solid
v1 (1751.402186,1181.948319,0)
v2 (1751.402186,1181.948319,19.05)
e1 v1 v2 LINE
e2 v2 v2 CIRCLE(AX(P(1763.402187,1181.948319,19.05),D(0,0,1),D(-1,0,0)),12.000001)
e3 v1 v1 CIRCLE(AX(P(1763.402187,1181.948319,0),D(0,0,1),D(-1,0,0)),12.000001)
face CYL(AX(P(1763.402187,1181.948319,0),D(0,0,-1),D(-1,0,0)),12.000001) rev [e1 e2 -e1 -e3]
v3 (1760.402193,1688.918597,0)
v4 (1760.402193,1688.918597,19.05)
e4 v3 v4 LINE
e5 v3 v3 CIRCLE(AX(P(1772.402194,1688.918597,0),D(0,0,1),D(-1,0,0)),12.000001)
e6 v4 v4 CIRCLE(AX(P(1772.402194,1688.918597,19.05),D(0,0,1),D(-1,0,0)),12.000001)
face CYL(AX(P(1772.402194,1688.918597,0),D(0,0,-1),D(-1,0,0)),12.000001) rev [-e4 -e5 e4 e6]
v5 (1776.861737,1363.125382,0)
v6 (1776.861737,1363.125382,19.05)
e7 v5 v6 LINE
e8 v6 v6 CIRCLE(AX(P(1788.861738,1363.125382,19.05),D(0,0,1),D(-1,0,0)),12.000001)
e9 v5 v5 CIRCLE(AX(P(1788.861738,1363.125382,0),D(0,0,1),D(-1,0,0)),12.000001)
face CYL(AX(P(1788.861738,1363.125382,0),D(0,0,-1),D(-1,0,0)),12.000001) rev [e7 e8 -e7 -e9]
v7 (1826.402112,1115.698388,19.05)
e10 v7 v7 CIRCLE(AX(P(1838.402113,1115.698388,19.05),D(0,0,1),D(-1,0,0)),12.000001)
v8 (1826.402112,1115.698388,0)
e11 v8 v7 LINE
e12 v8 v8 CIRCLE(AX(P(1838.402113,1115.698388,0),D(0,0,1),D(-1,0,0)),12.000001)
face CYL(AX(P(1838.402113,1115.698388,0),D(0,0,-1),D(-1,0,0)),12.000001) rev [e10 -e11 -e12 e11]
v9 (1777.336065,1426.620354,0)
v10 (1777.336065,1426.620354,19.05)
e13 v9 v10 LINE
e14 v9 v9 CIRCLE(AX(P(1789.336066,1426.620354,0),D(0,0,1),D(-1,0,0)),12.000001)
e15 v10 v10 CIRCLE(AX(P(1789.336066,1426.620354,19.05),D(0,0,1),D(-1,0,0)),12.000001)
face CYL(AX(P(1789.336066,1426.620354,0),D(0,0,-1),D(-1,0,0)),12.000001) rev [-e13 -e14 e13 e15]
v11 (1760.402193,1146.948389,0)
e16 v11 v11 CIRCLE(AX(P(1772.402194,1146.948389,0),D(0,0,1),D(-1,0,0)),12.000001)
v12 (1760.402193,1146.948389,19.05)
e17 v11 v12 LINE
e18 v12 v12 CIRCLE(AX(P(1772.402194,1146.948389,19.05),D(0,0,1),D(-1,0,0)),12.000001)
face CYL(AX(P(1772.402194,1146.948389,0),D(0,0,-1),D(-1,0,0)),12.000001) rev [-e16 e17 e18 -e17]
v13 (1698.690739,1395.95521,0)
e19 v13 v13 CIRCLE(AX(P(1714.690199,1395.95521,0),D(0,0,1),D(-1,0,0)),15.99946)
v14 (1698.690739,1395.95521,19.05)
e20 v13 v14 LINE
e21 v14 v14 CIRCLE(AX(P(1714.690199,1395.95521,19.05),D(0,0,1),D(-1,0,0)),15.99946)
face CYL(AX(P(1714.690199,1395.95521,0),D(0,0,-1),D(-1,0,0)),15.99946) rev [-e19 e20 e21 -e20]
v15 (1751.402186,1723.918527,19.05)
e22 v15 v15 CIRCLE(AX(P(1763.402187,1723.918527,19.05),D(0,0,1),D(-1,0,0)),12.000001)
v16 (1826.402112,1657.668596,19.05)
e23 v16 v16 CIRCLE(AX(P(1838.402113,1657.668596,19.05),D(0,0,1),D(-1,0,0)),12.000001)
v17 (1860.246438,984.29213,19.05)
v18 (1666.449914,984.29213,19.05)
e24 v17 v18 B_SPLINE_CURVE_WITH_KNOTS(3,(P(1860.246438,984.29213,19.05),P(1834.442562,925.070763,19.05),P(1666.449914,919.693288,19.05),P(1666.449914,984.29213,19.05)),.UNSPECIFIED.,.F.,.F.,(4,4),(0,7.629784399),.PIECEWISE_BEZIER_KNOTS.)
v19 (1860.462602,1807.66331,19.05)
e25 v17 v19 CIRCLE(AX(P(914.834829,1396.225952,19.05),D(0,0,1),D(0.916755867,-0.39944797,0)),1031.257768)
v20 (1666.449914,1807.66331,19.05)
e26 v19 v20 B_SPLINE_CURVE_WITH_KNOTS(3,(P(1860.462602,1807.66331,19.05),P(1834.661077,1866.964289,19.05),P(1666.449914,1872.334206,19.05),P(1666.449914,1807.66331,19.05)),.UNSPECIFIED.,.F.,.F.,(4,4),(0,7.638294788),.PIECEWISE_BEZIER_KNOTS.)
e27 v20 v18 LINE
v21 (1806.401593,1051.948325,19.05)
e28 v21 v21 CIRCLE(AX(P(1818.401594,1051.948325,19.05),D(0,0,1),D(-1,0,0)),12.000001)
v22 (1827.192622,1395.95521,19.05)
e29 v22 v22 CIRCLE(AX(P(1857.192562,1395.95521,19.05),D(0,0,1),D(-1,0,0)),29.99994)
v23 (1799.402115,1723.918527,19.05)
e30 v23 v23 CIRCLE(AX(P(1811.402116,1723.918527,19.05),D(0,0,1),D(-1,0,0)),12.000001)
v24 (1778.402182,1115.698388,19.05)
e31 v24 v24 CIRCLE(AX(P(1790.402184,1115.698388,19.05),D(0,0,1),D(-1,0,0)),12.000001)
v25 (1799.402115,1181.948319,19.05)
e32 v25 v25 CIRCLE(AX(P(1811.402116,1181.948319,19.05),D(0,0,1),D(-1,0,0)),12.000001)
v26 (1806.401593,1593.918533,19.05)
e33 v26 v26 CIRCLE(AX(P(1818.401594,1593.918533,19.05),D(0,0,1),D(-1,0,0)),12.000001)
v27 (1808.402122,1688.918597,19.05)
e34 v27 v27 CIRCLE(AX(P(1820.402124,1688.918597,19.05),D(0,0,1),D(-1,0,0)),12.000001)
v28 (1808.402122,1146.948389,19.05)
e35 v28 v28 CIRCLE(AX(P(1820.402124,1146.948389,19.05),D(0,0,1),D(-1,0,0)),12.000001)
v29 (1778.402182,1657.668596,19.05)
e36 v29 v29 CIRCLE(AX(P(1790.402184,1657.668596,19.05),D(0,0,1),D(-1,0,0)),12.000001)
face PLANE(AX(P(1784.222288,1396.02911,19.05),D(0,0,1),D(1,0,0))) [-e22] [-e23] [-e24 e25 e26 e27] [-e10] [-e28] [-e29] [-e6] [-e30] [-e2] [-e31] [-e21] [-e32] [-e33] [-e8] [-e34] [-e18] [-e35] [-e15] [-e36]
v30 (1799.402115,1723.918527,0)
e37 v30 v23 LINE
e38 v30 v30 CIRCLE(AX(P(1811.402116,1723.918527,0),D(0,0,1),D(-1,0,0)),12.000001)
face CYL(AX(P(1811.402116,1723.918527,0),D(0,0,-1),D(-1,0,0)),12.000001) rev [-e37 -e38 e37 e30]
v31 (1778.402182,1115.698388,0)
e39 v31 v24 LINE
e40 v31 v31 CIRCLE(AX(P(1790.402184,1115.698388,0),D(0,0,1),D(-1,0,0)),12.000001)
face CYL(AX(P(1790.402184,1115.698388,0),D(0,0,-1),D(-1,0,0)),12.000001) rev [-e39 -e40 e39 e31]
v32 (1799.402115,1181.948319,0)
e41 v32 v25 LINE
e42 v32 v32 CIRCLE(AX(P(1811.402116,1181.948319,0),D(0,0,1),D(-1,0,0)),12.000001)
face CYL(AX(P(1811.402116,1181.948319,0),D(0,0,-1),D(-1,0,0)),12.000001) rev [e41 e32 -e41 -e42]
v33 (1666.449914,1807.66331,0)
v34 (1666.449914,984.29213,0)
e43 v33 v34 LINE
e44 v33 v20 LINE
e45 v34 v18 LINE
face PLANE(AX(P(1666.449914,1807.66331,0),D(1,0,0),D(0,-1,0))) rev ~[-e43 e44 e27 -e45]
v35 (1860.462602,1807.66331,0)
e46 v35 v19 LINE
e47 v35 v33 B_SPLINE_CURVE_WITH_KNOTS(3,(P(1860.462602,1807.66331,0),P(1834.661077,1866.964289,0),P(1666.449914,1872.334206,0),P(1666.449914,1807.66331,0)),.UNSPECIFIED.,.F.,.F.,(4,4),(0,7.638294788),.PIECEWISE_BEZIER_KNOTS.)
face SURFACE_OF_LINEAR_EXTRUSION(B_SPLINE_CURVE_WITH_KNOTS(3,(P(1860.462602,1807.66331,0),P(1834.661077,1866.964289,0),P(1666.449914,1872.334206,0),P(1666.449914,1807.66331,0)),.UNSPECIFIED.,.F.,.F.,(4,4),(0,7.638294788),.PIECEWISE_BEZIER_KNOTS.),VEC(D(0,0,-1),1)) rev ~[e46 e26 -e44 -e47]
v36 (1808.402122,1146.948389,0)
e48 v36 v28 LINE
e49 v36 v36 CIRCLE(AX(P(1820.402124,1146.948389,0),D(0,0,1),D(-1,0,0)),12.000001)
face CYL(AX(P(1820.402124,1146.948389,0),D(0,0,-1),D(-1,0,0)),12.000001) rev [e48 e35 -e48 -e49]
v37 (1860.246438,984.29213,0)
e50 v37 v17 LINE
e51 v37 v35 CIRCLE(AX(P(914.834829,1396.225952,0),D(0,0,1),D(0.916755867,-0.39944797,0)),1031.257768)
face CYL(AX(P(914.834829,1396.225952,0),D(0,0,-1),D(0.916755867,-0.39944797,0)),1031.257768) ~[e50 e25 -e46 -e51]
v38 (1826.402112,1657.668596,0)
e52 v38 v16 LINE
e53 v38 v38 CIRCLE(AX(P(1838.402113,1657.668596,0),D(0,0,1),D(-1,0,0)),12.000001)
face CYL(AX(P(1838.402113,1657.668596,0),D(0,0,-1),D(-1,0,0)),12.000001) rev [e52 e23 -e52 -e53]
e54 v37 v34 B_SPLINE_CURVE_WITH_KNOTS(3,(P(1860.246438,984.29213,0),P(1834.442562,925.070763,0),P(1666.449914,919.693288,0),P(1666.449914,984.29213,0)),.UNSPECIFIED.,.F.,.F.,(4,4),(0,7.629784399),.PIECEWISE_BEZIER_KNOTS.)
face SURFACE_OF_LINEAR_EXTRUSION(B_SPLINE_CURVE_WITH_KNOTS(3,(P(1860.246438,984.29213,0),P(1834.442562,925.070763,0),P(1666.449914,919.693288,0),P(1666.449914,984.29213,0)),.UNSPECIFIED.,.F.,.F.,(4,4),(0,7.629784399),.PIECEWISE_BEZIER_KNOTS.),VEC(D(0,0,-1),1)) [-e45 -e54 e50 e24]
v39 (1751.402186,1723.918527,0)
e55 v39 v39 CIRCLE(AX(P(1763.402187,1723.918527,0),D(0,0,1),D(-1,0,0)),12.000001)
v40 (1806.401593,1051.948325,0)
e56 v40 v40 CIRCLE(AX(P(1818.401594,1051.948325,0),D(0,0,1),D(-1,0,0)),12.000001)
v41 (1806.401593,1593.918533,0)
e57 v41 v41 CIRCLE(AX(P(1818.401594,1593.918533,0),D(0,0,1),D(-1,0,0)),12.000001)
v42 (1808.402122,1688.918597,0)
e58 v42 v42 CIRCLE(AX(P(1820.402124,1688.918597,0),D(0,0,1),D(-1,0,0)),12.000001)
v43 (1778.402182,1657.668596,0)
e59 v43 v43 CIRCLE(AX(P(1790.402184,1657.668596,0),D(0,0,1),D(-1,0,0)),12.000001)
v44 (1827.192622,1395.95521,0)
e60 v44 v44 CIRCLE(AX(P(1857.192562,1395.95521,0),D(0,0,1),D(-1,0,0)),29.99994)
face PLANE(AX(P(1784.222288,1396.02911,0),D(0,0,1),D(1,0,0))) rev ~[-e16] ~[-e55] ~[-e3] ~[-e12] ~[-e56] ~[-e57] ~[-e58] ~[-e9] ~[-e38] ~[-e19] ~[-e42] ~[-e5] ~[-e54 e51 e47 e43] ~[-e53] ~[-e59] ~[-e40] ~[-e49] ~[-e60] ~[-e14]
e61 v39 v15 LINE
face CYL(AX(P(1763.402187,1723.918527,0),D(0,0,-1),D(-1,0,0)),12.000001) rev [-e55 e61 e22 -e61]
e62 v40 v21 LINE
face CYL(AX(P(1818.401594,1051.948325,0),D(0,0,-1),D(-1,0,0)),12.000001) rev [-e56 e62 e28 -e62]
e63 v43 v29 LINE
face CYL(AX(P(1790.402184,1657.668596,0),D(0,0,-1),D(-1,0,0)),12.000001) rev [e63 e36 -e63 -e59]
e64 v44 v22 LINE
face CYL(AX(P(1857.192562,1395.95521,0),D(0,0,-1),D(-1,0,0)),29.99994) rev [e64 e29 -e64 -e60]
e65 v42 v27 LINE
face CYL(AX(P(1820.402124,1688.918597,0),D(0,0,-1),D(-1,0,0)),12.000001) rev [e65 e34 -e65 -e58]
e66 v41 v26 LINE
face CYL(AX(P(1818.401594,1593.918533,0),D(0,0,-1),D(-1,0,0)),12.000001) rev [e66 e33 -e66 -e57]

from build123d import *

# Parameters (mm, degrees)
SKETCH1_R           = 12.0000014
SKETCH1_R_2         = 29.99994
SKETCH1_R_3         = 15.99946
BOSS_EXTRUDE1_DEPTH = 19.05


with BuildPart() as part:
    # Sketch1 → Boss-Extrude1 (new body)
    with BuildSketch(Plane.XY):
        with BuildLine():
            Line((1666.449914345, 1807.663309633), (1666.449914345, 984.292129537))
            add(Edge.make_bspline(
                [(1860.24643809, 984.292129537), (1834.442562073, 925.070762843), (1666.449914345, 919.693288289), (1666.449914345, 984.292129537)],
                knots=[0, 0, 0, 0, 7.629784399, 7.629784399, 7.629784399, 7.629784399], degree=3))
            ThreePointArc((1860.24643809, 984.292129537), (1946.092561687, 1395.955210336), (1860.46260196, 1807.663309633))
            add(Edge.make_bspline(
                [(1860.46260196, 1807.663309633), (1834.661077492, 1866.964288613), (1666.449914345, 1872.334205504), (1666.449914345, 1807.663309633)],
                knots=[0, 0, 0, 0, 7.638294788, 7.638294788, 7.638294788, 7.638294788], degree=3))
        make_face()
        with Locations(Location((1811.402116463, 1181.948319082, 0), (0, 0, 180))):
            Circle(SKETCH1_R, mode=Mode.SUBTRACT)
        with Locations(Location((1820.402123863, 1146.948389082, 0), (0, 0, 180))):
            Circle(SKETCH1_R, mode=Mode.SUBTRACT)
        with Locations(Location((1838.402113263, 1115.698388082, 0), (0, 0, 180))):
            Circle(SKETCH1_R, mode=Mode.SUBTRACT)
        with Locations(Location((1772.402194463, 1146.948389082, 0), (0, 0, 180))):
            Circle(SKETCH1_R, mode=Mode.SUBTRACT)
        with Locations(Location((1790.402183863, 1115.698388082, 0), (0, 0, 180))):
            Circle(SKETCH1_R, mode=Mode.SUBTRACT)
        with Locations(Location((1763.402187063, 1181.948319082, 0), (0, 0, 180))):
            Circle(SKETCH1_R, mode=Mode.SUBTRACT)
        with Locations(Location((1818.401594463, 1051.948325082, 0), (0, 0, 180))):
            Circle(SKETCH1_R, mode=Mode.SUBTRACT)
        with Locations(Location((1811.402116463, 1723.918527241, 0), (0, 0, 180))):
            Circle(SKETCH1_R, mode=Mode.SUBTRACT)
        with Locations(Location((1820.402123863, 1688.918597241, 0), (0, 0, 180))):
            Circle(SKETCH1_R, mode=Mode.SUBTRACT)
        with Locations(Location((1838.402113263, 1657.668596241, 0), (0, 0, 180))):
            Circle(SKETCH1_R, mode=Mode.SUBTRACT)
        with Locations(Location((1772.402194463, 1688.918597241, 0), (0, 0, 180))):
            Circle(SKETCH1_R, mode=Mode.SUBTRACT)
        with Locations(Location((1790.402183863, 1657.668596241, 0), (0, 0, 180))):
            Circle(SKETCH1_R, mode=Mode.SUBTRACT)
        with Locations(Location((1763.402187063, 1723.918527241, 0), (0, 0, 180))):
            Circle(SKETCH1_R, mode=Mode.SUBTRACT)
        with Locations(Location((1818.401594463, 1593.918533241, 0), (0, 0, 180))):
            Circle(SKETCH1_R, mode=Mode.SUBTRACT)
        with Locations(Location((1788.861738175, 1363.125382024, 0), (0, 0, 180))):
            Circle(SKETCH1_R, mode=Mode.SUBTRACT)
        with Locations(Location((1789.336065957, 1426.620354396, 0), (0, 0, 180))):
            Circle(SKETCH1_R, mode=Mode.SUBTRACT)
        with Locations(Location((1857.192561687, 1395.955210336, 0), (0, 0, 180))):
            Circle(SKETCH1_R_2, mode=Mode.SUBTRACT)
        with Locations(Location((1714.690199276, 1395.955210336, 0), (0, 0, 180))):
            Circle(SKETCH1_R_3, mode=Mode.SUBTRACT)
    extrude(amount=BOSS_EXTRUDE1_DEPTH)


solid = part.part
